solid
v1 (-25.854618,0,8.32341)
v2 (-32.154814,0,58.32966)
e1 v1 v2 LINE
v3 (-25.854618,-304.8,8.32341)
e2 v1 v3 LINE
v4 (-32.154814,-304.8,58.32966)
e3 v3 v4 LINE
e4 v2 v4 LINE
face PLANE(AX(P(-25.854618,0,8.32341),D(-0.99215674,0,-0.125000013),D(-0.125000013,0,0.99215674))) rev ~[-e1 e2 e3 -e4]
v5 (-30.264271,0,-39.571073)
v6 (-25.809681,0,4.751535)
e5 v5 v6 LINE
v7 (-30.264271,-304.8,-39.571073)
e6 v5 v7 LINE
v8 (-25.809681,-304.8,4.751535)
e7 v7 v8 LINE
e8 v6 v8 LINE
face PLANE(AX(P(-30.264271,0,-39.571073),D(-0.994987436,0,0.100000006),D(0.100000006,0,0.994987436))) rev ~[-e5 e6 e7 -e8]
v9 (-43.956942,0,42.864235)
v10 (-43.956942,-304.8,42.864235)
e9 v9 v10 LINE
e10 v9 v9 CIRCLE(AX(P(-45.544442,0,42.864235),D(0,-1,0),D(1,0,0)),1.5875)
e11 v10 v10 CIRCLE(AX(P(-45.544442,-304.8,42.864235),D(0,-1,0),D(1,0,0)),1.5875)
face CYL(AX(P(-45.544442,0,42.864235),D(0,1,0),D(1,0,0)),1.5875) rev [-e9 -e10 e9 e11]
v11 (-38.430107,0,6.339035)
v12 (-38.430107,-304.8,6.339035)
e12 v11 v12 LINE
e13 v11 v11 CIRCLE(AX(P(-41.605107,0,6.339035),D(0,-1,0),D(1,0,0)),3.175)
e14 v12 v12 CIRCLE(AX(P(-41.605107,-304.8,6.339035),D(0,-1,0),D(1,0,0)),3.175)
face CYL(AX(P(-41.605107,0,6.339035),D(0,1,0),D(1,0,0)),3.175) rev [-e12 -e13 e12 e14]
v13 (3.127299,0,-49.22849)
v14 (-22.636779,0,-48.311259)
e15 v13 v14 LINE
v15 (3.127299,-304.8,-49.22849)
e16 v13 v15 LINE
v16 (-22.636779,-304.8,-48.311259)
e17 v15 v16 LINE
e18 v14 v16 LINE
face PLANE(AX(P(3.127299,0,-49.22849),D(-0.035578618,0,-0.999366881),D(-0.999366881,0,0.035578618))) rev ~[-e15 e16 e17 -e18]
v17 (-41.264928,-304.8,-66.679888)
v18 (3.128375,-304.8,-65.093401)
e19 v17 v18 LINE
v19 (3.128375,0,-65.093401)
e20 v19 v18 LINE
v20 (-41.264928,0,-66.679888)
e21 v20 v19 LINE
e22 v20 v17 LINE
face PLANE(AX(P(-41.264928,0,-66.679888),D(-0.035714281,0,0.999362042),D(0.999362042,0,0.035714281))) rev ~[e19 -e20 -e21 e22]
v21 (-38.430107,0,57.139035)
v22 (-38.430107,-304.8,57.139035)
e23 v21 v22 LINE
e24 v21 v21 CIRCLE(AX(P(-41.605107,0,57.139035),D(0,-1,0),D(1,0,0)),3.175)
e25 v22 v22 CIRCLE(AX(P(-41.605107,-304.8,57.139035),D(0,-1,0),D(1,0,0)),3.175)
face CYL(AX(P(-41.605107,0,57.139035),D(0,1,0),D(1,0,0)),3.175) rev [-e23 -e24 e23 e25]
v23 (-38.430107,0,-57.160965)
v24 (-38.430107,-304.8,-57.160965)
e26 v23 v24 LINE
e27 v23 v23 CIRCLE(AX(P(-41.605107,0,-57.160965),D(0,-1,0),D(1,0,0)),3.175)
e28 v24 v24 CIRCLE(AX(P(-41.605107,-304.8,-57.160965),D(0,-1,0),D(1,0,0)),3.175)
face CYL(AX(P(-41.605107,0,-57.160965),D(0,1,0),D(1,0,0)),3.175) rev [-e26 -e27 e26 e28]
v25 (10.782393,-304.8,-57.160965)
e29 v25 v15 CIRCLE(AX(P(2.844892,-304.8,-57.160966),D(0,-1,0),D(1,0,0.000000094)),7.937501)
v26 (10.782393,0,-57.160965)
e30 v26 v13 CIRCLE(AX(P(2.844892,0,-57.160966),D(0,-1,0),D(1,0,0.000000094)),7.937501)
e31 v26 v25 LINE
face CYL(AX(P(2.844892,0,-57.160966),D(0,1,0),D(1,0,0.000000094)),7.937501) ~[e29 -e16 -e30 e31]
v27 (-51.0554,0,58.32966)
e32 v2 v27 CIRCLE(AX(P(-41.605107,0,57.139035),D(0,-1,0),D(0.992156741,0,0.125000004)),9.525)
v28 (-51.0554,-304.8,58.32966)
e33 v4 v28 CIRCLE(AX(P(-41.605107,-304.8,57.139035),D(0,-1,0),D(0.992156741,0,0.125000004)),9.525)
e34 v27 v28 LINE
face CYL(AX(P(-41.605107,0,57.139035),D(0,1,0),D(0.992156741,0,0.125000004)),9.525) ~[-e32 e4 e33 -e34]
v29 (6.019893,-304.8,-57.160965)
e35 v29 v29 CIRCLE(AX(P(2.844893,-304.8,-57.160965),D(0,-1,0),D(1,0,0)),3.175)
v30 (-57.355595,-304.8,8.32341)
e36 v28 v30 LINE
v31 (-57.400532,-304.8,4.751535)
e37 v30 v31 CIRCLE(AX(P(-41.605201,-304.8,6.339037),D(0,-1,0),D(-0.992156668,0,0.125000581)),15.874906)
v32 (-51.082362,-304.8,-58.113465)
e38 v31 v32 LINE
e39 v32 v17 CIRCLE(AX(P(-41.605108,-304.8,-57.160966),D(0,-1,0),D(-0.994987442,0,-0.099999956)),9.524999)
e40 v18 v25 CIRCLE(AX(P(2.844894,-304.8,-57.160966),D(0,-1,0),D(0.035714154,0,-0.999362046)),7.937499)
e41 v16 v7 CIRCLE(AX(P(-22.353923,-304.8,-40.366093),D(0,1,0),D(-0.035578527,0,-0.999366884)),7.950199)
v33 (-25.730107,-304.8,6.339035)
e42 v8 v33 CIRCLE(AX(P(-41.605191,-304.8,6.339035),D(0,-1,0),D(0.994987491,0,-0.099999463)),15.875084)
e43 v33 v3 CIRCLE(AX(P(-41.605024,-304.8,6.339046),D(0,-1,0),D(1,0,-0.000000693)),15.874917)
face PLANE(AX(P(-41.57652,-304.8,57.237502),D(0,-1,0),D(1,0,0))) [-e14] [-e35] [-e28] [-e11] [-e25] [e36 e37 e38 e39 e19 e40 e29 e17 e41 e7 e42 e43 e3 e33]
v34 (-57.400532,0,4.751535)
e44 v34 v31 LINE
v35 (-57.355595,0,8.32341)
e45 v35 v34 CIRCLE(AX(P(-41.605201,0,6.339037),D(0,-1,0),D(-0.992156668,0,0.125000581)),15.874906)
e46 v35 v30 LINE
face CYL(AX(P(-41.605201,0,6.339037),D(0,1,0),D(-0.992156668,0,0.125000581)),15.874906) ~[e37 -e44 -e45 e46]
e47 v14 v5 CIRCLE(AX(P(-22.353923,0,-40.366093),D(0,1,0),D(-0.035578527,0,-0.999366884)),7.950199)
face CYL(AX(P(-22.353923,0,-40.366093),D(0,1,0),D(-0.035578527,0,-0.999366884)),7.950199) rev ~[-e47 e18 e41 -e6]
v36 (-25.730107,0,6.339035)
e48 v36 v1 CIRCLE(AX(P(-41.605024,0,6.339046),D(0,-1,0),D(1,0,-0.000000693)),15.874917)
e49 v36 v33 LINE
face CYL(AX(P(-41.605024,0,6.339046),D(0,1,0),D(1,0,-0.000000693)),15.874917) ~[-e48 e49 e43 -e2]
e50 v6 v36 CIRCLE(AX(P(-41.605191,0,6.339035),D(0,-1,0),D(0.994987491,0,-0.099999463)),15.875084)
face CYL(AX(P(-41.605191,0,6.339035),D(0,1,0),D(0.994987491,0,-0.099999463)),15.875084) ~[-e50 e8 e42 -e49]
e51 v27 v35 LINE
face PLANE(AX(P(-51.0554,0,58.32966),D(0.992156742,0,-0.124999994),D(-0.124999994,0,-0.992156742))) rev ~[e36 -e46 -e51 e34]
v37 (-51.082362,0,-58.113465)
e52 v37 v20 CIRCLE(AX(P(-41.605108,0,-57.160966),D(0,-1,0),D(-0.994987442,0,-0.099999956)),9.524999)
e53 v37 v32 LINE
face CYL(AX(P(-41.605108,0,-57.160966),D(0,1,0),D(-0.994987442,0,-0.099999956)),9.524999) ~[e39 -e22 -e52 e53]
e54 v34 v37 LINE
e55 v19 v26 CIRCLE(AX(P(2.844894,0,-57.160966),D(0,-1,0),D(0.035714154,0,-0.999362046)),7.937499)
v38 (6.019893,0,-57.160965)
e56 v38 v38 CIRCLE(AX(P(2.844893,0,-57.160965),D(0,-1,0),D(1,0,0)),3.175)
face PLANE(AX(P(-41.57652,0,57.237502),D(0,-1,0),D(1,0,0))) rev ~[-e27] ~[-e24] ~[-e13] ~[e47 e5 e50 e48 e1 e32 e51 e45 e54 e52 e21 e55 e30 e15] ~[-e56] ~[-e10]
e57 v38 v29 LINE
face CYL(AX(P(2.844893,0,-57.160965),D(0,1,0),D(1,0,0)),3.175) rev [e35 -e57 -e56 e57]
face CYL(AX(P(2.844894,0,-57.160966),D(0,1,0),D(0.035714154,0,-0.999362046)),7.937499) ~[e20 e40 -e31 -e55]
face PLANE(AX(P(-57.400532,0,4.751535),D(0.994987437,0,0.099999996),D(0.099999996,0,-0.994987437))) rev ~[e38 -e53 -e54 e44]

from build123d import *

# Parameters (mm, degrees)
F0_R     = 3.175
F0_R_2   = 1.5875
F1_DEPTH = 304.8


with BuildPart() as f1:
    # F0 (on Front) → F1 (new body)
    with BuildSketch(Plane.XZ):
        with BuildLine():
            ThreePointArc((-51.0554, 58.32966), (-42.20159, 47.63273), (-32.080107, 57.139035))
            ThreePointArc((-32.080107, 57.139035), (-32.098802, 57.735518), (-32.154814, 58.32966))
            ThreePointArc((-32.154814, 58.32966), (-41.605107, 66.664035), (-51.0554, 58.32966))
        make_face()
        with Locations((-41.605107, 57.139035)):
            Circle(F0_R, mode=Mode.SUBTRACT)
        with BuildLine():
            ThreePointArc((-32.154814, 58.32966), (-32.098802, 57.735518), (-32.080107, 57.139035))
            ThreePointArc((-32.080107, 57.139035), (-42.20159, 47.63273), (-51.0554, 58.32966))
            Line((-51.0554, 58.32966), (-57.355595, 8.32341))
            ThreePointArc((-57.355595, 8.32341), (-41.605107, 22.214035), (-25.854618, 8.32341))
            Line((-25.854618, 8.32341), (-32.154814, 58.32966))
        make_face()
        with Locations((-45.544442, 42.864235)):
            Circle(F0_R_2, mode=Mode.SUBTRACT)
        with BuildLine():
            ThreePointArc((-25.730107, 6.339035), (-25.761265, 7.333174), (-25.854618, 8.32341))
            ThreePointArc((-25.854618, 8.32341), (-41.605107, 22.214035), (-57.355595, 8.32341))
            ThreePointArc((-57.355595, 8.32341), (-57.478851, 6.53874), (-57.400532, 4.751535))
            ThreePointArc((-57.400532, 4.751535), (-41.605107, -9.535965), (-25.809681, 4.751535))
            ThreePointArc((-25.809681, 4.751535), (-25.750013, 5.544288), (-25.730107, 6.339035))
        make_face()
        with Locations((-41.605107, 6.339035)):
            Circle(F0_R, mode=Mode.SUBTRACT)
        with BuildLine():
            ThreePointArc((-25.809681, 4.751535), (-41.605107, -9.535965), (-57.400532, 4.751535))
            Line((-57.400532, 4.751535), (-51.082362, -58.113465))
            ThreePointArc((-51.082362, -58.113465), (-42.081955, -47.647909), (-32.080107, -57.160965))
            ThreePointArc((-32.080107, -57.160965), (-34.750698, -63.774792), (-41.264928, -66.679888))
            Line((-41.264928, -66.679888), (3.128375, -65.093401))
            ThreePointArc((3.128375, -65.093401), (-5.092607, -57.161504), (3.127299, -49.22849))
            Line((3.127299, -49.22849), (-22.636779, -48.311259))
            ThreePointArc((-22.636779, -48.311259), (-28.343903, -45.593502), (-30.264271, -39.571073))
            Line((-30.264271, -39.571073), (-25.809681, 4.751535))
        make_face()
        with BuildLine():
            ThreePointArc((-32.080107, -57.160965), (-42.081955, -47.647909), (-51.082362, -58.113465))
            ThreePointArc((-51.082362, -58.113465), (-47.86749, -64.337885), (-41.264928, -66.679888))
            ThreePointArc((-41.264928, -66.679888), (-34.750698, -63.774792), (-32.080107, -57.160965))
        make_face()
        with Locations((-41.605107, -57.160965)):
            Circle(F0_R, mode=Mode.SUBTRACT)
        with BuildLine():
            ThreePointArc((3.127299, -49.22849), (-5.092607, -57.161504), (3.128375, -65.093401))
            ThreePointArc((3.128375, -65.093401), (8.5569, -62.672488), (10.782393, -57.160965))
            ThreePointArc((10.782393, -57.160965), (8.556526, -51.649055), (3.127299, -49.22849))
        make_face()
        with Locations((2.844893, -57.160965)):
            Circle(F0_R, mode=Mode.SUBTRACT)
    extrude(amount=F1_DEPTH)


solid = f1.part
